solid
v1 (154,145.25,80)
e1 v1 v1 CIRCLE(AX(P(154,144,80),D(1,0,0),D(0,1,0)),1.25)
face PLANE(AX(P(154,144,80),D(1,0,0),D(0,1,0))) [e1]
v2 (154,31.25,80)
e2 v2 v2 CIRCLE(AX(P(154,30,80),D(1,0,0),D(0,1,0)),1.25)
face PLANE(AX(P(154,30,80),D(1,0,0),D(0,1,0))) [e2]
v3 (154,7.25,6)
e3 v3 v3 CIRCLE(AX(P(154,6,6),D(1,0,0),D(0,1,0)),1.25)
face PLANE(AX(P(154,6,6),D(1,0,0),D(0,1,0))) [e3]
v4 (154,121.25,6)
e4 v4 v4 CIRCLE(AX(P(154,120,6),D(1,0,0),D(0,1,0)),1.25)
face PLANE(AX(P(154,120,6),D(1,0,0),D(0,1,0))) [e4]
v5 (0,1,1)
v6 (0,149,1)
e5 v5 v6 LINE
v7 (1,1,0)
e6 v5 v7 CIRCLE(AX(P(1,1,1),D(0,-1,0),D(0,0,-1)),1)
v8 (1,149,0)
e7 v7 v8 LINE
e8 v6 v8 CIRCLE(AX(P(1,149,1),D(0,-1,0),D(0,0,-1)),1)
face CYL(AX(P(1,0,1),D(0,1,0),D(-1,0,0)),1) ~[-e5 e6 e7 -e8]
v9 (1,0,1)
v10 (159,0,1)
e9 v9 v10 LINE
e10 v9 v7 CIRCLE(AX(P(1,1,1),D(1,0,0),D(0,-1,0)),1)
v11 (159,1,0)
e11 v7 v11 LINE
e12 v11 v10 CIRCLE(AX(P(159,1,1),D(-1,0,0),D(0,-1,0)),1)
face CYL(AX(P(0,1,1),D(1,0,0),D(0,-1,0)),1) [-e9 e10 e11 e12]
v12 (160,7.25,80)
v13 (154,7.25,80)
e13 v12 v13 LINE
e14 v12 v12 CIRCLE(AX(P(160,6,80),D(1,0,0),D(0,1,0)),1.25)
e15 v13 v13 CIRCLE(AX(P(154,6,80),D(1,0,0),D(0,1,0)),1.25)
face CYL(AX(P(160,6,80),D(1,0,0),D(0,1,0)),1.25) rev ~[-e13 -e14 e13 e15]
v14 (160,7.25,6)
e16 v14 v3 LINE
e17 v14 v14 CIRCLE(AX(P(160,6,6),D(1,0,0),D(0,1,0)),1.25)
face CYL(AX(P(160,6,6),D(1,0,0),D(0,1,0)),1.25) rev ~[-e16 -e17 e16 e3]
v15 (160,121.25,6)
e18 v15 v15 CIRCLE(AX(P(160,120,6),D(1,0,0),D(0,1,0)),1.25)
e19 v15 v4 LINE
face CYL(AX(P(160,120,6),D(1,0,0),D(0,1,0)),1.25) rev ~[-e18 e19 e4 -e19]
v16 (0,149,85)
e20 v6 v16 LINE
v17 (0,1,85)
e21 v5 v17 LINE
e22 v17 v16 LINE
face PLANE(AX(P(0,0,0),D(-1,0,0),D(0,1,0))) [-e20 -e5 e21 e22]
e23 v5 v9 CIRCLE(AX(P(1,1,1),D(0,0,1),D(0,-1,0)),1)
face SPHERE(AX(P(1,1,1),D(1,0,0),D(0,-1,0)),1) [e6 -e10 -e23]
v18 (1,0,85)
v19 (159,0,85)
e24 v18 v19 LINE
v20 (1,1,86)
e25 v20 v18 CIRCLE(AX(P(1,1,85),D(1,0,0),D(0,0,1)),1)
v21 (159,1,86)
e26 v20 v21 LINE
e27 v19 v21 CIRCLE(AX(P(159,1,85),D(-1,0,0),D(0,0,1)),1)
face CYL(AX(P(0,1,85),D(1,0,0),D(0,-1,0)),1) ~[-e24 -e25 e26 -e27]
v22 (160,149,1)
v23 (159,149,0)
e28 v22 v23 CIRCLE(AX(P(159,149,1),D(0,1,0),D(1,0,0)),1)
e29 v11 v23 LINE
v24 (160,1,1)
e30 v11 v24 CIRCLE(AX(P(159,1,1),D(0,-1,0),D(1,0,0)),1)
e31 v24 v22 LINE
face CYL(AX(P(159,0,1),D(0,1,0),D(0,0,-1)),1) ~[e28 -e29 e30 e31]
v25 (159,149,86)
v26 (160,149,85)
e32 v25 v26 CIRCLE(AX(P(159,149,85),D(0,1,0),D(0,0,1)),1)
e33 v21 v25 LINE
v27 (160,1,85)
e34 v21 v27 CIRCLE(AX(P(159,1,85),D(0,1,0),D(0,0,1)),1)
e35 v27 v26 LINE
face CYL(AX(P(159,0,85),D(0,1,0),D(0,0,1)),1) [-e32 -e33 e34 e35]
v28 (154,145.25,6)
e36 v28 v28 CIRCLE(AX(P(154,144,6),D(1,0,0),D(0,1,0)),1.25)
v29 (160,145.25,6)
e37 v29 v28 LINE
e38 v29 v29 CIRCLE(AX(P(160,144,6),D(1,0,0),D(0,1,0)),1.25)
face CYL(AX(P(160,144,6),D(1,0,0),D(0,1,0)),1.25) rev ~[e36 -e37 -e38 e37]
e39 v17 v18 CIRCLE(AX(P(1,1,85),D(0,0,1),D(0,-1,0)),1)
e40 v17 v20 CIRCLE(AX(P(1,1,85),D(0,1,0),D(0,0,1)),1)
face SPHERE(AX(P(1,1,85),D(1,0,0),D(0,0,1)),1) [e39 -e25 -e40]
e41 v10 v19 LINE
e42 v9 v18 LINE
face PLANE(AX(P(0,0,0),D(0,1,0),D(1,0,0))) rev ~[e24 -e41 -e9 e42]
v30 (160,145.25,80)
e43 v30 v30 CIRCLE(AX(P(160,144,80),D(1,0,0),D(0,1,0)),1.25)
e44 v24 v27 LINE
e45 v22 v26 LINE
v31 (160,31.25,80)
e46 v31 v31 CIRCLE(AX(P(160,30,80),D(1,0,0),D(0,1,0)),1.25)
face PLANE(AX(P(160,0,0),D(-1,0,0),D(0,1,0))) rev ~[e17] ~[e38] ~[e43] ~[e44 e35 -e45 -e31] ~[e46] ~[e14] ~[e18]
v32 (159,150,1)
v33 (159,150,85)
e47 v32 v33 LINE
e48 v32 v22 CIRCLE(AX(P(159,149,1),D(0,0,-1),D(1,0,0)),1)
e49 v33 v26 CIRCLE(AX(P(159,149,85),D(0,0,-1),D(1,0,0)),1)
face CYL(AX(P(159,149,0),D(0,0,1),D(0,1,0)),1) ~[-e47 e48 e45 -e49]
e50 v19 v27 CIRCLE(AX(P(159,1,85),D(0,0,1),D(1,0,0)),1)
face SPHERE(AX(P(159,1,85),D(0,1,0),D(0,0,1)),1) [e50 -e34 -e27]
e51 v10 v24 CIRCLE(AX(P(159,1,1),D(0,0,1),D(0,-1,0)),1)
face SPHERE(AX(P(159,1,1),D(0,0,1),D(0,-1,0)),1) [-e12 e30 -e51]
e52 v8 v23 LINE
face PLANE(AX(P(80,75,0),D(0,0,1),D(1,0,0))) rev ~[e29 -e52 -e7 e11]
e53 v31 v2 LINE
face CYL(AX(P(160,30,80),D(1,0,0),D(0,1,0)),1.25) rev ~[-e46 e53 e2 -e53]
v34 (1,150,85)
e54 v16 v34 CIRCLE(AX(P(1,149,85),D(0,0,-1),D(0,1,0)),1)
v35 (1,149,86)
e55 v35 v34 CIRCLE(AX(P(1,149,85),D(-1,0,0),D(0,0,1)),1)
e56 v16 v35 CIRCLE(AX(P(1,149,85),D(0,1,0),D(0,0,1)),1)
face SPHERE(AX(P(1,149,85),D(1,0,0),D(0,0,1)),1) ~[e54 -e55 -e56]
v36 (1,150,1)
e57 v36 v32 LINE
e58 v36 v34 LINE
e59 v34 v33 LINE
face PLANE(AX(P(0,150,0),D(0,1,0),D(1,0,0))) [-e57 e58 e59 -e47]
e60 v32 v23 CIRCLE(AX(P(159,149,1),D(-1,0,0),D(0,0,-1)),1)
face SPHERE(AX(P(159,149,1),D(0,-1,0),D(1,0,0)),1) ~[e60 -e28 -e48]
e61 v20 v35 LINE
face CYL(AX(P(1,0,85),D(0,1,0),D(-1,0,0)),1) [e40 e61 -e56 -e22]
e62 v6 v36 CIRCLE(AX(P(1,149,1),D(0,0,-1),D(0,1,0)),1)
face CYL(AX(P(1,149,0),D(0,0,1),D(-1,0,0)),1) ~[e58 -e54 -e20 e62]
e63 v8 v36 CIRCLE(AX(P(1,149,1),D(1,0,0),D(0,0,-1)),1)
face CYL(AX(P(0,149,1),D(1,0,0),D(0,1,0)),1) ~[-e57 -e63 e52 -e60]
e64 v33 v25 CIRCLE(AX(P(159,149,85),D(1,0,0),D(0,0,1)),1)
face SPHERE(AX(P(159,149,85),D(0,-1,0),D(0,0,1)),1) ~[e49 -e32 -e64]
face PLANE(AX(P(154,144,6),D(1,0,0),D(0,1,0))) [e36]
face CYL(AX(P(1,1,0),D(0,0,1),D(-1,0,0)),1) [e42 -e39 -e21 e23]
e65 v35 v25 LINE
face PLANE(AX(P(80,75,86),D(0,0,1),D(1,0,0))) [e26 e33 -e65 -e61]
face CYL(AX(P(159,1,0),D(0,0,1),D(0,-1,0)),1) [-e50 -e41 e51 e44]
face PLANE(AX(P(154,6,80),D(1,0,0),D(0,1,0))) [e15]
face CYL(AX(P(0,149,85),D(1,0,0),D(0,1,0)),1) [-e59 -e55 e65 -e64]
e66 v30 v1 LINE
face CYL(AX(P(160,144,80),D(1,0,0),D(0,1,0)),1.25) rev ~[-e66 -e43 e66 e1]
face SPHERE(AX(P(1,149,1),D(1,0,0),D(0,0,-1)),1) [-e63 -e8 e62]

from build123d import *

# Parameters (mm, degrees)
F0_W     = 160
F0_H     = 150
F1_DEPTH = 86
F2_R     = 1.25
F3_DEPTH = 6
F4_R     = 1


with BuildPart() as f1:
    # F0 (on Top) → F1 (new body)
    with BuildSketch(Plane.XY):
        with Locations((80, 75)):
            Rectangle(F0_W, F0_H)
    extrude(amount=F1_DEPTH)

    # F2 (on face) → F3 (cut)
    with BuildSketch(Plane.YZ.offset(160)):
        with Locations((6, 80)):
            Circle(F2_R)
        with Locations((30, 80)):
            Circle(F2_R)
        with Locations((144, 80)):
            Circle(F2_R)
        with Locations((144, 6)):
            Circle(F2_R)
        with Locations((6, 6)):
            Circle(F2_R)
        with Locations((120, 6)):
            Circle(F2_R)
    extrude(amount=-F3_DEPTH, mode=Mode.SUBTRACT)

    # F4
    f4_edges = [f1.edges().sort_by_distance(p)[0] for p in [
        (160, 75, 86),
        (80, 0, 86),
        (160, 0, 43),
        (80, 150, 86),
        (0, 75, 86),
        (80, 0, 0),
        (0, 0, 43),
        (160, 75, 0),
        (160, 150, 43),
        (80, 150, 0),
        (0, 75, 0),
        (0, 150, 43),
    ]]
    fillet(f4_edges, radius=F4_R)


solid = f1.part
